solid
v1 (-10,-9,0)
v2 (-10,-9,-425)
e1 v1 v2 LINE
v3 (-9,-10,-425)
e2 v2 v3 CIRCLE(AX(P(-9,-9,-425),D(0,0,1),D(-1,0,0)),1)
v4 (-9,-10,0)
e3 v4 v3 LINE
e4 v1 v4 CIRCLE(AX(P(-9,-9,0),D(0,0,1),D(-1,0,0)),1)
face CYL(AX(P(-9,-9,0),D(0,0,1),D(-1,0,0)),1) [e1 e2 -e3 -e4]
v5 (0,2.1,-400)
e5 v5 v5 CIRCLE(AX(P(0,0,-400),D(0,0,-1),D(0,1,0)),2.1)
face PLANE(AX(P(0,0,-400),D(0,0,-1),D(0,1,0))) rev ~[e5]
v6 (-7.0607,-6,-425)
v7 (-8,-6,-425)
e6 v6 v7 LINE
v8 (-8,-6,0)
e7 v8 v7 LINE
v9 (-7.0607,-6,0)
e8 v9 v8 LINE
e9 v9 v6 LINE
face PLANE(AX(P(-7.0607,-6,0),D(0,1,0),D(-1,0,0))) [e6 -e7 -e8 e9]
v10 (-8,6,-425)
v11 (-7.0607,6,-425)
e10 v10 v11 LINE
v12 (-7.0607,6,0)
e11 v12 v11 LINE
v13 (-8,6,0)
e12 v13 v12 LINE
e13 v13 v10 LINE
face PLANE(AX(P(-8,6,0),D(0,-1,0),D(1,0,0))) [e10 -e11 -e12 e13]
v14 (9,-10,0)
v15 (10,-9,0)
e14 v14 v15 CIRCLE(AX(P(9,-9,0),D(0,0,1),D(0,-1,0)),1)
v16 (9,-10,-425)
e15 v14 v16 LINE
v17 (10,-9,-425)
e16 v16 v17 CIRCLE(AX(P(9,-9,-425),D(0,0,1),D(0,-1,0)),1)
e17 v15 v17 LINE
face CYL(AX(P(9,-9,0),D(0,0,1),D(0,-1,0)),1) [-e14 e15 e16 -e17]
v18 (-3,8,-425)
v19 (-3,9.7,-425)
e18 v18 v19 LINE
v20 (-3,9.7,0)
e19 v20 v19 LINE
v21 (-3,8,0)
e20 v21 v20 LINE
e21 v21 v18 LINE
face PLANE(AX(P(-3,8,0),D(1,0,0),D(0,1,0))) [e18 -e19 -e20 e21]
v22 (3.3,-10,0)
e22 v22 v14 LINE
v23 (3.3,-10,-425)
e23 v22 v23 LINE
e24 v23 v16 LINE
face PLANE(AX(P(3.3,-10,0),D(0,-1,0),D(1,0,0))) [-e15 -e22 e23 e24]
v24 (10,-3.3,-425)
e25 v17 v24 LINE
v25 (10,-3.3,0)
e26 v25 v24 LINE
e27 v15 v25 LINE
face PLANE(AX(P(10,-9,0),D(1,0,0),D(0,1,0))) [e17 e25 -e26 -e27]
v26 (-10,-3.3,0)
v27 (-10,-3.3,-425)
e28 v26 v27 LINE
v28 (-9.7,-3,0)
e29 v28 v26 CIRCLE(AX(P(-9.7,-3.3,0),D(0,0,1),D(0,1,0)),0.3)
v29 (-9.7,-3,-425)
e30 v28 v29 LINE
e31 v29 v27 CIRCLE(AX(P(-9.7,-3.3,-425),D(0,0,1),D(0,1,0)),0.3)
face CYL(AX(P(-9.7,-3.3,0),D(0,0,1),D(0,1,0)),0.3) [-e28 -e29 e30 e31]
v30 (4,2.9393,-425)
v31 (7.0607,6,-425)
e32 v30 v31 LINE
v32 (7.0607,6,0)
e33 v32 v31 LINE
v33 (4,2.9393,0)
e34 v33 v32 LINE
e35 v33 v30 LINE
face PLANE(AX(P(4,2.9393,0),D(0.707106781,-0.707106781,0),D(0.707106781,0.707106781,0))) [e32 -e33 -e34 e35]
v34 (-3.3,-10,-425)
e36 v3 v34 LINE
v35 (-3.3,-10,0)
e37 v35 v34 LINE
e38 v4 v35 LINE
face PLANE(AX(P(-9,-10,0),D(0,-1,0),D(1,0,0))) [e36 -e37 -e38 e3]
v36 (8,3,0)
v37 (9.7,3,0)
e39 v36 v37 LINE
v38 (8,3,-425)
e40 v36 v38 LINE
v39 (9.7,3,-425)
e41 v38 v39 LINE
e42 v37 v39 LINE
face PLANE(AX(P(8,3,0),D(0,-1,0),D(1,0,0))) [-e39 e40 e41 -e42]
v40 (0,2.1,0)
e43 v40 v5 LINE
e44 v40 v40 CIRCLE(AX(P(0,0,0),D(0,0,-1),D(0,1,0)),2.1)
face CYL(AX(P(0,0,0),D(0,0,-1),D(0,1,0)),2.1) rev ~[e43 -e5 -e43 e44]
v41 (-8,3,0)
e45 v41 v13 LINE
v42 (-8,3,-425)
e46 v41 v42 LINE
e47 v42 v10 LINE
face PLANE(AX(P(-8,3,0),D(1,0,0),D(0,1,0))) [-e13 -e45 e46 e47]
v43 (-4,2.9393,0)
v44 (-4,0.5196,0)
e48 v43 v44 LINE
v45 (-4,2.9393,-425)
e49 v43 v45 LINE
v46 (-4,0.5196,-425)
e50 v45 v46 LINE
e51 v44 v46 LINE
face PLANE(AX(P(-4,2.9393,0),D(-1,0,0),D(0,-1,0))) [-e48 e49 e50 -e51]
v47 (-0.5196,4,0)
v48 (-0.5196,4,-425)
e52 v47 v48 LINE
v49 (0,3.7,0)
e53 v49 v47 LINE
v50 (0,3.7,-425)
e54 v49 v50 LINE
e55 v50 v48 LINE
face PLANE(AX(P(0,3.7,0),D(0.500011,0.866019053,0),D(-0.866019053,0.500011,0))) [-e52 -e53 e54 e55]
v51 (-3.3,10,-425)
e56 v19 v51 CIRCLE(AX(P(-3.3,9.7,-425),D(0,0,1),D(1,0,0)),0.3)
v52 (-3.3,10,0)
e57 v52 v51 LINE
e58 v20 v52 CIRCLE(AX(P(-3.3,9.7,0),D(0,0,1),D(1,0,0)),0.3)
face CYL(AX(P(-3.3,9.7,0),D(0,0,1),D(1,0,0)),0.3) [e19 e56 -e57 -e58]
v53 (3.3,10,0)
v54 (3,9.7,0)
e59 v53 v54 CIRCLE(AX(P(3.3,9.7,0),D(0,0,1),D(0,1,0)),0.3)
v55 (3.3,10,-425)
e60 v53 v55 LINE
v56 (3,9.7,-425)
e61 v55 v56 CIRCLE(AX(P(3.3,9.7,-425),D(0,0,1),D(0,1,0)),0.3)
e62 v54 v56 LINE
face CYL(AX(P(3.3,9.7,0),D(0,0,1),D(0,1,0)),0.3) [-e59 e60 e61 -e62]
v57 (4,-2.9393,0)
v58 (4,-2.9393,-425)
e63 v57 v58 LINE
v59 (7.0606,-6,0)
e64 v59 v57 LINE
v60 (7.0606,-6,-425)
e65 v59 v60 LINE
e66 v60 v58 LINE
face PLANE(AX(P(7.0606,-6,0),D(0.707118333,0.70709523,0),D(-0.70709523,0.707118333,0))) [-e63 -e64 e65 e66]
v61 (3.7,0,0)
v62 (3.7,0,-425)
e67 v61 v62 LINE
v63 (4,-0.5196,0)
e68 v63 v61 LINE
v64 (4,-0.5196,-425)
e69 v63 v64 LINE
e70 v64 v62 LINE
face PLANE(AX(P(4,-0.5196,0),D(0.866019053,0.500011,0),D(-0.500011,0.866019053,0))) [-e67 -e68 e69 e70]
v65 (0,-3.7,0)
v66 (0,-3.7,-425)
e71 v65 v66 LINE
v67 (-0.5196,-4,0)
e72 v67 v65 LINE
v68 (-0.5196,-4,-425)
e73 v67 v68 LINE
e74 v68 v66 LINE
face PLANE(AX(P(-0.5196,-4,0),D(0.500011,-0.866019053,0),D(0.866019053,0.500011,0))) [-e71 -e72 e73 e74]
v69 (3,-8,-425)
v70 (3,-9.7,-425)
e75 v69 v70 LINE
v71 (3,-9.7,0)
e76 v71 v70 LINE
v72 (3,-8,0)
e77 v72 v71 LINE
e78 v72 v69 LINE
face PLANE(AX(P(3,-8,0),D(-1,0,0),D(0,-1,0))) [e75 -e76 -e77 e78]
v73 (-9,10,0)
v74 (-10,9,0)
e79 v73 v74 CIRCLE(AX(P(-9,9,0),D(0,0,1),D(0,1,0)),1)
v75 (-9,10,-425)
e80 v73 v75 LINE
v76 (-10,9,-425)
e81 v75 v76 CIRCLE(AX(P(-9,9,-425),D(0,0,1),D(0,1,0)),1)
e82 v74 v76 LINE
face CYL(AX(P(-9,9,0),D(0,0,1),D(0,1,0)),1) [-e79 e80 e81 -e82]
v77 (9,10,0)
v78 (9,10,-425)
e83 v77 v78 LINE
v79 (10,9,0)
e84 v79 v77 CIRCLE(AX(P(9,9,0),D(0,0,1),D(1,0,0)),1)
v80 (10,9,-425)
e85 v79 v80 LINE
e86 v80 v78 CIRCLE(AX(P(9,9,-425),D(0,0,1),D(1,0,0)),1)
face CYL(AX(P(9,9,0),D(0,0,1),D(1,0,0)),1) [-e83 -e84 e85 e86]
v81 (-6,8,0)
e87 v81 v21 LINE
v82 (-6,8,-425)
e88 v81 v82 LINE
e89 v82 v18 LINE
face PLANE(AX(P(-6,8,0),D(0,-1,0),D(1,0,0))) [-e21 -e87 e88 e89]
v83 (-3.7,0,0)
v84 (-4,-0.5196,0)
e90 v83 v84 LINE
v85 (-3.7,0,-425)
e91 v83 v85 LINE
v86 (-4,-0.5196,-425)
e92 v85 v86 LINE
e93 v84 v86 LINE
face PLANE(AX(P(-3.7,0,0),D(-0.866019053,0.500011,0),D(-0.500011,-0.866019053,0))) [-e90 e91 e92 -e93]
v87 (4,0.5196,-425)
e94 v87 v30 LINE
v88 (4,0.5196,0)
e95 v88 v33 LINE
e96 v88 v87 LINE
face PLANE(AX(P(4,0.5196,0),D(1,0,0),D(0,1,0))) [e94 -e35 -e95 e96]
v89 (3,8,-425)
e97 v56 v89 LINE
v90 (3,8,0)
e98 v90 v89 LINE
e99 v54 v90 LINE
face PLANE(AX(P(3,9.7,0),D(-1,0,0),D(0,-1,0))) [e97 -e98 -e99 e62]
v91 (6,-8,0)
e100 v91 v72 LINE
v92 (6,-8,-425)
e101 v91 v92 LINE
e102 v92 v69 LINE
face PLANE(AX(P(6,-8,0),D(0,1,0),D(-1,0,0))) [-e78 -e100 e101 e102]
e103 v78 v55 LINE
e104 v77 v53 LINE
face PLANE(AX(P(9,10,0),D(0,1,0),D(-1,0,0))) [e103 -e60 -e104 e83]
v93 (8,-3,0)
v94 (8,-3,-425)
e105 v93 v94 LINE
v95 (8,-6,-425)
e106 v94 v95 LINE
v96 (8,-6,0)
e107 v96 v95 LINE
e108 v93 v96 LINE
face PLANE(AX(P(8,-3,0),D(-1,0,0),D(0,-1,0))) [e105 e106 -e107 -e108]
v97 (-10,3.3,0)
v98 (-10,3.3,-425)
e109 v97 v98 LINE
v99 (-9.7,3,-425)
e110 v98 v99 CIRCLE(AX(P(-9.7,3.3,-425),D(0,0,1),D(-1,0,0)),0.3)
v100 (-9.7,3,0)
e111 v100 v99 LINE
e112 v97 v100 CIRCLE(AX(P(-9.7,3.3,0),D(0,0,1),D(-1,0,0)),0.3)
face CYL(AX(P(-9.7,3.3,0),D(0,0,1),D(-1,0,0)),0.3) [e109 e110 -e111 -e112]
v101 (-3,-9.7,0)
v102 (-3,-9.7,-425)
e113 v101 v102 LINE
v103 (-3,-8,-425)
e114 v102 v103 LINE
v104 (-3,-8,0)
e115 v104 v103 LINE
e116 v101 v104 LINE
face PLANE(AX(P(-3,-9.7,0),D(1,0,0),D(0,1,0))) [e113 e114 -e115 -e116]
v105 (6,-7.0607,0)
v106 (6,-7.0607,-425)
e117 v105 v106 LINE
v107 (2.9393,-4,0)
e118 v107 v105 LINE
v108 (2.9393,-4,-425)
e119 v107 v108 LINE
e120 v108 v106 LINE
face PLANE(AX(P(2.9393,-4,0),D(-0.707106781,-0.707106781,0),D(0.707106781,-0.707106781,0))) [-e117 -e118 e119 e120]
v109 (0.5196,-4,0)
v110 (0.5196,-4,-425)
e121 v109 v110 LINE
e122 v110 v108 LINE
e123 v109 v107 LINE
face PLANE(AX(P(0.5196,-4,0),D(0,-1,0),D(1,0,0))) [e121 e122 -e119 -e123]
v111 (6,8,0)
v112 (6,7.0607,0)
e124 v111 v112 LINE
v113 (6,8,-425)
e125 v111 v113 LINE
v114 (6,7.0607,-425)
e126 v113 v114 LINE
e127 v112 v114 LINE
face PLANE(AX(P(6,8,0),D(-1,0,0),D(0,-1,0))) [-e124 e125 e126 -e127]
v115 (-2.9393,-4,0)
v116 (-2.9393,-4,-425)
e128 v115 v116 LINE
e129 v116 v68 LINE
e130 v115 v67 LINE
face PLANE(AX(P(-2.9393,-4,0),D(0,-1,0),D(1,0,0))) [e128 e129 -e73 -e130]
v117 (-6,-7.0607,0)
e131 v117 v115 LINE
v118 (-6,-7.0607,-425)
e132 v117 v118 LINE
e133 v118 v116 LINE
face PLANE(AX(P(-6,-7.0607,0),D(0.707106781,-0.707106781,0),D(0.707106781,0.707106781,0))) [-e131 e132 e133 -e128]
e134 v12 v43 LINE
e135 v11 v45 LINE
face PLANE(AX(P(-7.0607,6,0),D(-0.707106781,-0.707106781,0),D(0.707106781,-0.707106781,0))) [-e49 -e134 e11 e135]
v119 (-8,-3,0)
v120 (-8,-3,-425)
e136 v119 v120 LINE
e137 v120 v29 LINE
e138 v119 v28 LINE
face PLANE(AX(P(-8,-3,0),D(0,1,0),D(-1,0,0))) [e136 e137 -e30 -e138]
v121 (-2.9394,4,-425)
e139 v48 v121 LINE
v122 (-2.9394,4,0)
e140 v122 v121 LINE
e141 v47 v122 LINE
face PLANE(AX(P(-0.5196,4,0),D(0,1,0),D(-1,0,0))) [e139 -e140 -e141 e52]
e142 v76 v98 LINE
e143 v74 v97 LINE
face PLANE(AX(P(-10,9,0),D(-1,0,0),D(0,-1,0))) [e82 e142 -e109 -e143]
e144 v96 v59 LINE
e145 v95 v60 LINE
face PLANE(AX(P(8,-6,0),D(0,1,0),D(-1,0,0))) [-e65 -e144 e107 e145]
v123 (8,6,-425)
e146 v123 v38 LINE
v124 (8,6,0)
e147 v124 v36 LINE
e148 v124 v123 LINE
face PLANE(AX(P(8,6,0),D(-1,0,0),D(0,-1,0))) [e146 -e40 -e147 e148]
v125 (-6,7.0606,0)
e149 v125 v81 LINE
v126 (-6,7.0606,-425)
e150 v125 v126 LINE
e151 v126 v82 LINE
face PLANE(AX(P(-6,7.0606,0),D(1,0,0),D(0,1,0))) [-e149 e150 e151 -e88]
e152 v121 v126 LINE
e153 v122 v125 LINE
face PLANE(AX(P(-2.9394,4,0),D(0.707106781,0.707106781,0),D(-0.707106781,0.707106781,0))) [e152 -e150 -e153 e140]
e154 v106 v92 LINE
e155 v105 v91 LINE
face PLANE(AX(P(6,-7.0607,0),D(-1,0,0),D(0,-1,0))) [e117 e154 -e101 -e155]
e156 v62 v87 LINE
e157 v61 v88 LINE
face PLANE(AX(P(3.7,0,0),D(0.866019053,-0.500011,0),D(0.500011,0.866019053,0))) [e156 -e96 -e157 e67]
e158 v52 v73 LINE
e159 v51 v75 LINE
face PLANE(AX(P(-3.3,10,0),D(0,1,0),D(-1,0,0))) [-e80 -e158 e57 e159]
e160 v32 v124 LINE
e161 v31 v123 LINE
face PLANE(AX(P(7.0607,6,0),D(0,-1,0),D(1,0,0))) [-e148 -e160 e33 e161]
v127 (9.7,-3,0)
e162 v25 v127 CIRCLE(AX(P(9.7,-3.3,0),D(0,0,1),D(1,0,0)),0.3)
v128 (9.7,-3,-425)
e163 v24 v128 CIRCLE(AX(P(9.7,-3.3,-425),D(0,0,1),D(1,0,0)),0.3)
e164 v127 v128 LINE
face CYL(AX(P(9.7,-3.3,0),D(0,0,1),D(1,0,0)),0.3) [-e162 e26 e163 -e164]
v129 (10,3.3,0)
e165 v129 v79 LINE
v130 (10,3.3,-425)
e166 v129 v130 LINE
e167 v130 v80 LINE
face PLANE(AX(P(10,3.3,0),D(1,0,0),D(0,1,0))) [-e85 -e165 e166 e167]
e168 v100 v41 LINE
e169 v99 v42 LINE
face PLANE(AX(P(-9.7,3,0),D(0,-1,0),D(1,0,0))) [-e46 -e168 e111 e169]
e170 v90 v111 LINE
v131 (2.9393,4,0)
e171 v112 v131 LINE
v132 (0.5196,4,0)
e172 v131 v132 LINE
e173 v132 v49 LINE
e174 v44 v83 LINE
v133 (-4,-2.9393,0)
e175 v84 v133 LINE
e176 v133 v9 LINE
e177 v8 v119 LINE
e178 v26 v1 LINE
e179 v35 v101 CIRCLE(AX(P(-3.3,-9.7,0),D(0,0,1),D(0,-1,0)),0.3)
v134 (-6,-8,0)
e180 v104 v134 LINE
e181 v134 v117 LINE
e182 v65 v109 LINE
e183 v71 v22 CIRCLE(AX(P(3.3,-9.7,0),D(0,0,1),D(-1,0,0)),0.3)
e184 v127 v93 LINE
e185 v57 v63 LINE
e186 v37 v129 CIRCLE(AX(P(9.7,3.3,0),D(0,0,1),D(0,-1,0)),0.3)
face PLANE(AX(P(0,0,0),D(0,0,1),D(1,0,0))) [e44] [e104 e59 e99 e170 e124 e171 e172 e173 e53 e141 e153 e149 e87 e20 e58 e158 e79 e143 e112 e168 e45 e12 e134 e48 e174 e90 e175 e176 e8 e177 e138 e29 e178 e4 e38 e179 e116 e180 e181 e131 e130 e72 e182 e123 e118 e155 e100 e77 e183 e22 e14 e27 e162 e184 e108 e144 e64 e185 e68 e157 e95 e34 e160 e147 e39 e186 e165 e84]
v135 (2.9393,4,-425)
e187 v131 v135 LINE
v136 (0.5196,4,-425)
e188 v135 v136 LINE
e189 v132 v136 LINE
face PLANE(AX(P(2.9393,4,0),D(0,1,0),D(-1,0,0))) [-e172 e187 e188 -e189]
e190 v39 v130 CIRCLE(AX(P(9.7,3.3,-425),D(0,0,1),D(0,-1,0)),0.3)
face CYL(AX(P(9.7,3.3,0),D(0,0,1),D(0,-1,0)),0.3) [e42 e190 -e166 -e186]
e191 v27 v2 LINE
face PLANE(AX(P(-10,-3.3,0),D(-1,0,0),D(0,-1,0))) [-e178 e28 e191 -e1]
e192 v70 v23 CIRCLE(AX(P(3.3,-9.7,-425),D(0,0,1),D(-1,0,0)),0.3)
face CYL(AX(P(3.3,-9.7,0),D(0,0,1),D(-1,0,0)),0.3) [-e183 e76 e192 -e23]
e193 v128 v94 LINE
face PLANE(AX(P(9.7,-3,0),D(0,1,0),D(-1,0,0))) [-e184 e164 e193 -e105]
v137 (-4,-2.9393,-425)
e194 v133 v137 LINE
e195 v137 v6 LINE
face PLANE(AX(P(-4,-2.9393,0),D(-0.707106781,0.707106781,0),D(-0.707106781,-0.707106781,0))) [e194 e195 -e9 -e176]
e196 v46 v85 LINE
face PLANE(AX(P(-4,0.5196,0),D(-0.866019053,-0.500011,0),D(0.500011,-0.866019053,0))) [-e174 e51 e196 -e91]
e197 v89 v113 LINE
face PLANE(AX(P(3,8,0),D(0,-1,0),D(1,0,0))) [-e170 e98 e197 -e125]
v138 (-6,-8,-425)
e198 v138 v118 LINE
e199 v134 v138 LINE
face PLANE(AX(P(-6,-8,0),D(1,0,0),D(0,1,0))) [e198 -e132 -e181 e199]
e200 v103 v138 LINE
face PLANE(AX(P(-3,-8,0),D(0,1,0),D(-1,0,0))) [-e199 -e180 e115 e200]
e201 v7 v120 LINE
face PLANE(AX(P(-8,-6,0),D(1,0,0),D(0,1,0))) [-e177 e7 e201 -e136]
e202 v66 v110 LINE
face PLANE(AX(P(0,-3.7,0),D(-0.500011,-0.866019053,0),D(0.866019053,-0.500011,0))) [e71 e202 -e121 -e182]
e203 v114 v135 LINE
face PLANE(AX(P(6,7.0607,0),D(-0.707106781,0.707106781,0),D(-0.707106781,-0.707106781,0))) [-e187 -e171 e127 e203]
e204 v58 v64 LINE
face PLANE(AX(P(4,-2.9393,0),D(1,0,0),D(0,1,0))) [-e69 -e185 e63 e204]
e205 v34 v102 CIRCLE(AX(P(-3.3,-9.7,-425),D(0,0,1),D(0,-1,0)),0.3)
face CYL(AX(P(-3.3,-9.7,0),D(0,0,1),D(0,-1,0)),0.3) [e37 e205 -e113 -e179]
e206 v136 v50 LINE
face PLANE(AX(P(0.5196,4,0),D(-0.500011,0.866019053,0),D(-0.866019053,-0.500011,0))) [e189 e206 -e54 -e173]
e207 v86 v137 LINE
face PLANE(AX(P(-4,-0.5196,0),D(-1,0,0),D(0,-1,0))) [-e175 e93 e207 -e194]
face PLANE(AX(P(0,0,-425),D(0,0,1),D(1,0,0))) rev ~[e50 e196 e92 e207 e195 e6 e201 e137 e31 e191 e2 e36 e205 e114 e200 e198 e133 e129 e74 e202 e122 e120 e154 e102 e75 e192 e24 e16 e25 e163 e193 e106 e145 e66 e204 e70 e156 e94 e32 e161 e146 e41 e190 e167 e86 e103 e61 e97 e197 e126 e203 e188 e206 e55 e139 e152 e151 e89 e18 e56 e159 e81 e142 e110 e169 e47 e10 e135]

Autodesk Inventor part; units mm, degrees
sketch "Sketch_1" plane through (0, 0, 0) normal (0, 0, 1) x (1, 0, 0)
  line L0 (-10, 9) -> (-10, 3.3)
  arc A0 (-10, 3.3) -> (-9.7, 3) centre (-9.7, 3.3) ccw
  line L1 (-9.7, 3) -> (-8, 3)
  line L2 (-8, 3) -> (-8, 6)
  line L3 (-8, 6) -> (-7.0607, 6)
  line L4 (-7.0607, 6) -> (-4, 2.9393)
  line L5 (-4, 2.9393) -> (-4, 0.5196)
  line L6 (-4, 0.5196) -> (-3.7, 0)
  line L7 (-3.7, 0) -> (-4, -0.5196)
  line L8 (-4, -0.5196) -> (-4, -2.9393)
  line L9 (-4, -2.9393) -> (-7.0607, -6)
  line L10 (-7.0607, -6) -> (-8, -6)
  line L11 (-8, -6) -> (-8, -3)
  line L12 (-8, -3) -> (-9.7, -3)
  arc A1 (-9.7, -3) -> (-10, -3.3) centre (-9.7, -3.3) ccw
  line L13 (-10, -3.3) -> (-10, -9)
  arc A2 (-10, -9) -> (-9, -10) centre (-9, -9) ccw
  line L14 (-9, -10) -> (-3.3, -10)
  arc A3 (-3.3, -10) -> (-3, -9.7) centre (-3.3, -9.7) ccw
  line L15 (-3, -9.7) -> (-3, -8)
  line L16 (-3, -8) -> (-6, -8)
  line L17 (-6, -8) -> (-6, -7.0607)
  line L18 (-6, -7.0607) -> (-2.9393, -4)
  line L19 (-2.9393, -4) -> (-0.5196, -4)
  line L20 (-0.5196, -4) -> (0, -3.7)
  line L21 (0, -3.7) -> (0.5196, -4)
  line L22 (0.5196, -4) -> (2.9393, -4)
  line L23 (2.9393, -4) -> (6, -7.0607)
  line L24 (6, -7.0607) -> (6, -8)
  line L25 (6, -8) -> (3, -8)
  line L26 (3, -8) -> (3, -9.7)
  arc A4 (3, -9.7) -> (3.3, -10) centre (3.3, -9.7) ccw
  line L27 (3.3, -10) -> (9, -10)
  arc A5 (9, -10) -> (10, -9) centre (9, -9) ccw
  line L28 (10, -9) -> (10, -3.3)
  arc A6 (10, -3.3) -> (9.7, -3) centre (9.7, -3.3) ccw
  line L29 (9.7, -3) -> (8, -3)
  line L30 (8, -3) -> (8, -6)
  line L31 (8, -6) -> (7.0606, -6)
  line L32 (7.0606, -6) -> (4, -2.9393)
  line L33 (4, -2.9393) -> (4, -0.5196)
  line L34 (4, -0.5196) -> (3.7, 0)
  line L35 (3.7, 0) -> (4, 0.5196)
  line L36 (4, 0.5196) -> (4, 2.9393)
  line L37 (4, 2.9393) -> (7.0607, 6)
  line L38 (7.0607, 6) -> (8, 6)
  line L39 (8, 6) -> (8, 3)
  line L40 (8, 3) -> (9.7, 3)
  arc A7 (9.7, 3) -> (10, 3.3) centre (9.7, 3.3) ccw
  line L41 (10, 3.3) -> (10, 9)
  arc A8 (10, 9) -> (9, 10) centre (9, 9) ccw
  line L42 (9, 10) -> (3.3, 10)
  arc A9 (3.3, 10) -> (3, 9.7) centre (3.3, 9.7) ccw
  line L43 (3, 9.7) -> (3, 8)
  line L44 (3, 8) -> (6, 8)
  line L45 (6, 8) -> (6, 7.0607)
  line L46 (6, 7.0607) -> (2.9393, 4)
  line L47 (2.9393, 4) -> (0.5196, 4)
  line L48 (0.5196, 4) -> (0, 3.7)
  line L49 (0, 3.7) -> (-0.5196, 4)
  line L50 (-0.5196, 4) -> (-2.9394, 4)
  line L51 (-2.9394, 4) -> (-6, 7.0606)
  line L52 (-6, 7.0606) -> (-6, 8)
  line L53 (-6, 8) -> (-3, 8)
  line L54 (-3, 8) -> (-3, 9.7)
  arc A10 (-3, 9.7) -> (-3.3, 10) centre (-3.3, 9.7) ccw
  line L55 (-3.3, 10) -> (-9, 10)
  arc A11 (-9, 10) -> (-10, 9) centre (-9, 9) ccw
extrude "Extrusion1" add sketch "Sketch_1" against normal blind 425
sketch "Sketch_2" plane through (0, 0, 0) normal (1, 0, 0) x (0, 0, -1)
  line L0 (400, 0) -> (0, 0)
  line L1 (0, 0) -> (0, 2.1)
  line L2 (0, 2.1) -> (400, 2.1)
  line L3 (400, 2.1) -> (400, 0)
  line L4 (400, 0) -> (0, 0)
revolve "Revolution1" cut sketch "Sketch_2" angle 360 about axis through (0, 0, -400) along (0, 0, -1)
ref_plane "C1_XY" through (0, 0, 0) normal (0, 0, 1) x (1, 0, 0)
ref_plane "C1_YZ" through (0, 0, 0) normal (1, 0, 0) x (0, 1, 0)
ref_plane "C1_ZX" through (0, 0, 0) normal (0, 1, 0) x (0, 0, 1)
properties part number "2020 extrusion big machine leg" material "Aluminum 6061"
